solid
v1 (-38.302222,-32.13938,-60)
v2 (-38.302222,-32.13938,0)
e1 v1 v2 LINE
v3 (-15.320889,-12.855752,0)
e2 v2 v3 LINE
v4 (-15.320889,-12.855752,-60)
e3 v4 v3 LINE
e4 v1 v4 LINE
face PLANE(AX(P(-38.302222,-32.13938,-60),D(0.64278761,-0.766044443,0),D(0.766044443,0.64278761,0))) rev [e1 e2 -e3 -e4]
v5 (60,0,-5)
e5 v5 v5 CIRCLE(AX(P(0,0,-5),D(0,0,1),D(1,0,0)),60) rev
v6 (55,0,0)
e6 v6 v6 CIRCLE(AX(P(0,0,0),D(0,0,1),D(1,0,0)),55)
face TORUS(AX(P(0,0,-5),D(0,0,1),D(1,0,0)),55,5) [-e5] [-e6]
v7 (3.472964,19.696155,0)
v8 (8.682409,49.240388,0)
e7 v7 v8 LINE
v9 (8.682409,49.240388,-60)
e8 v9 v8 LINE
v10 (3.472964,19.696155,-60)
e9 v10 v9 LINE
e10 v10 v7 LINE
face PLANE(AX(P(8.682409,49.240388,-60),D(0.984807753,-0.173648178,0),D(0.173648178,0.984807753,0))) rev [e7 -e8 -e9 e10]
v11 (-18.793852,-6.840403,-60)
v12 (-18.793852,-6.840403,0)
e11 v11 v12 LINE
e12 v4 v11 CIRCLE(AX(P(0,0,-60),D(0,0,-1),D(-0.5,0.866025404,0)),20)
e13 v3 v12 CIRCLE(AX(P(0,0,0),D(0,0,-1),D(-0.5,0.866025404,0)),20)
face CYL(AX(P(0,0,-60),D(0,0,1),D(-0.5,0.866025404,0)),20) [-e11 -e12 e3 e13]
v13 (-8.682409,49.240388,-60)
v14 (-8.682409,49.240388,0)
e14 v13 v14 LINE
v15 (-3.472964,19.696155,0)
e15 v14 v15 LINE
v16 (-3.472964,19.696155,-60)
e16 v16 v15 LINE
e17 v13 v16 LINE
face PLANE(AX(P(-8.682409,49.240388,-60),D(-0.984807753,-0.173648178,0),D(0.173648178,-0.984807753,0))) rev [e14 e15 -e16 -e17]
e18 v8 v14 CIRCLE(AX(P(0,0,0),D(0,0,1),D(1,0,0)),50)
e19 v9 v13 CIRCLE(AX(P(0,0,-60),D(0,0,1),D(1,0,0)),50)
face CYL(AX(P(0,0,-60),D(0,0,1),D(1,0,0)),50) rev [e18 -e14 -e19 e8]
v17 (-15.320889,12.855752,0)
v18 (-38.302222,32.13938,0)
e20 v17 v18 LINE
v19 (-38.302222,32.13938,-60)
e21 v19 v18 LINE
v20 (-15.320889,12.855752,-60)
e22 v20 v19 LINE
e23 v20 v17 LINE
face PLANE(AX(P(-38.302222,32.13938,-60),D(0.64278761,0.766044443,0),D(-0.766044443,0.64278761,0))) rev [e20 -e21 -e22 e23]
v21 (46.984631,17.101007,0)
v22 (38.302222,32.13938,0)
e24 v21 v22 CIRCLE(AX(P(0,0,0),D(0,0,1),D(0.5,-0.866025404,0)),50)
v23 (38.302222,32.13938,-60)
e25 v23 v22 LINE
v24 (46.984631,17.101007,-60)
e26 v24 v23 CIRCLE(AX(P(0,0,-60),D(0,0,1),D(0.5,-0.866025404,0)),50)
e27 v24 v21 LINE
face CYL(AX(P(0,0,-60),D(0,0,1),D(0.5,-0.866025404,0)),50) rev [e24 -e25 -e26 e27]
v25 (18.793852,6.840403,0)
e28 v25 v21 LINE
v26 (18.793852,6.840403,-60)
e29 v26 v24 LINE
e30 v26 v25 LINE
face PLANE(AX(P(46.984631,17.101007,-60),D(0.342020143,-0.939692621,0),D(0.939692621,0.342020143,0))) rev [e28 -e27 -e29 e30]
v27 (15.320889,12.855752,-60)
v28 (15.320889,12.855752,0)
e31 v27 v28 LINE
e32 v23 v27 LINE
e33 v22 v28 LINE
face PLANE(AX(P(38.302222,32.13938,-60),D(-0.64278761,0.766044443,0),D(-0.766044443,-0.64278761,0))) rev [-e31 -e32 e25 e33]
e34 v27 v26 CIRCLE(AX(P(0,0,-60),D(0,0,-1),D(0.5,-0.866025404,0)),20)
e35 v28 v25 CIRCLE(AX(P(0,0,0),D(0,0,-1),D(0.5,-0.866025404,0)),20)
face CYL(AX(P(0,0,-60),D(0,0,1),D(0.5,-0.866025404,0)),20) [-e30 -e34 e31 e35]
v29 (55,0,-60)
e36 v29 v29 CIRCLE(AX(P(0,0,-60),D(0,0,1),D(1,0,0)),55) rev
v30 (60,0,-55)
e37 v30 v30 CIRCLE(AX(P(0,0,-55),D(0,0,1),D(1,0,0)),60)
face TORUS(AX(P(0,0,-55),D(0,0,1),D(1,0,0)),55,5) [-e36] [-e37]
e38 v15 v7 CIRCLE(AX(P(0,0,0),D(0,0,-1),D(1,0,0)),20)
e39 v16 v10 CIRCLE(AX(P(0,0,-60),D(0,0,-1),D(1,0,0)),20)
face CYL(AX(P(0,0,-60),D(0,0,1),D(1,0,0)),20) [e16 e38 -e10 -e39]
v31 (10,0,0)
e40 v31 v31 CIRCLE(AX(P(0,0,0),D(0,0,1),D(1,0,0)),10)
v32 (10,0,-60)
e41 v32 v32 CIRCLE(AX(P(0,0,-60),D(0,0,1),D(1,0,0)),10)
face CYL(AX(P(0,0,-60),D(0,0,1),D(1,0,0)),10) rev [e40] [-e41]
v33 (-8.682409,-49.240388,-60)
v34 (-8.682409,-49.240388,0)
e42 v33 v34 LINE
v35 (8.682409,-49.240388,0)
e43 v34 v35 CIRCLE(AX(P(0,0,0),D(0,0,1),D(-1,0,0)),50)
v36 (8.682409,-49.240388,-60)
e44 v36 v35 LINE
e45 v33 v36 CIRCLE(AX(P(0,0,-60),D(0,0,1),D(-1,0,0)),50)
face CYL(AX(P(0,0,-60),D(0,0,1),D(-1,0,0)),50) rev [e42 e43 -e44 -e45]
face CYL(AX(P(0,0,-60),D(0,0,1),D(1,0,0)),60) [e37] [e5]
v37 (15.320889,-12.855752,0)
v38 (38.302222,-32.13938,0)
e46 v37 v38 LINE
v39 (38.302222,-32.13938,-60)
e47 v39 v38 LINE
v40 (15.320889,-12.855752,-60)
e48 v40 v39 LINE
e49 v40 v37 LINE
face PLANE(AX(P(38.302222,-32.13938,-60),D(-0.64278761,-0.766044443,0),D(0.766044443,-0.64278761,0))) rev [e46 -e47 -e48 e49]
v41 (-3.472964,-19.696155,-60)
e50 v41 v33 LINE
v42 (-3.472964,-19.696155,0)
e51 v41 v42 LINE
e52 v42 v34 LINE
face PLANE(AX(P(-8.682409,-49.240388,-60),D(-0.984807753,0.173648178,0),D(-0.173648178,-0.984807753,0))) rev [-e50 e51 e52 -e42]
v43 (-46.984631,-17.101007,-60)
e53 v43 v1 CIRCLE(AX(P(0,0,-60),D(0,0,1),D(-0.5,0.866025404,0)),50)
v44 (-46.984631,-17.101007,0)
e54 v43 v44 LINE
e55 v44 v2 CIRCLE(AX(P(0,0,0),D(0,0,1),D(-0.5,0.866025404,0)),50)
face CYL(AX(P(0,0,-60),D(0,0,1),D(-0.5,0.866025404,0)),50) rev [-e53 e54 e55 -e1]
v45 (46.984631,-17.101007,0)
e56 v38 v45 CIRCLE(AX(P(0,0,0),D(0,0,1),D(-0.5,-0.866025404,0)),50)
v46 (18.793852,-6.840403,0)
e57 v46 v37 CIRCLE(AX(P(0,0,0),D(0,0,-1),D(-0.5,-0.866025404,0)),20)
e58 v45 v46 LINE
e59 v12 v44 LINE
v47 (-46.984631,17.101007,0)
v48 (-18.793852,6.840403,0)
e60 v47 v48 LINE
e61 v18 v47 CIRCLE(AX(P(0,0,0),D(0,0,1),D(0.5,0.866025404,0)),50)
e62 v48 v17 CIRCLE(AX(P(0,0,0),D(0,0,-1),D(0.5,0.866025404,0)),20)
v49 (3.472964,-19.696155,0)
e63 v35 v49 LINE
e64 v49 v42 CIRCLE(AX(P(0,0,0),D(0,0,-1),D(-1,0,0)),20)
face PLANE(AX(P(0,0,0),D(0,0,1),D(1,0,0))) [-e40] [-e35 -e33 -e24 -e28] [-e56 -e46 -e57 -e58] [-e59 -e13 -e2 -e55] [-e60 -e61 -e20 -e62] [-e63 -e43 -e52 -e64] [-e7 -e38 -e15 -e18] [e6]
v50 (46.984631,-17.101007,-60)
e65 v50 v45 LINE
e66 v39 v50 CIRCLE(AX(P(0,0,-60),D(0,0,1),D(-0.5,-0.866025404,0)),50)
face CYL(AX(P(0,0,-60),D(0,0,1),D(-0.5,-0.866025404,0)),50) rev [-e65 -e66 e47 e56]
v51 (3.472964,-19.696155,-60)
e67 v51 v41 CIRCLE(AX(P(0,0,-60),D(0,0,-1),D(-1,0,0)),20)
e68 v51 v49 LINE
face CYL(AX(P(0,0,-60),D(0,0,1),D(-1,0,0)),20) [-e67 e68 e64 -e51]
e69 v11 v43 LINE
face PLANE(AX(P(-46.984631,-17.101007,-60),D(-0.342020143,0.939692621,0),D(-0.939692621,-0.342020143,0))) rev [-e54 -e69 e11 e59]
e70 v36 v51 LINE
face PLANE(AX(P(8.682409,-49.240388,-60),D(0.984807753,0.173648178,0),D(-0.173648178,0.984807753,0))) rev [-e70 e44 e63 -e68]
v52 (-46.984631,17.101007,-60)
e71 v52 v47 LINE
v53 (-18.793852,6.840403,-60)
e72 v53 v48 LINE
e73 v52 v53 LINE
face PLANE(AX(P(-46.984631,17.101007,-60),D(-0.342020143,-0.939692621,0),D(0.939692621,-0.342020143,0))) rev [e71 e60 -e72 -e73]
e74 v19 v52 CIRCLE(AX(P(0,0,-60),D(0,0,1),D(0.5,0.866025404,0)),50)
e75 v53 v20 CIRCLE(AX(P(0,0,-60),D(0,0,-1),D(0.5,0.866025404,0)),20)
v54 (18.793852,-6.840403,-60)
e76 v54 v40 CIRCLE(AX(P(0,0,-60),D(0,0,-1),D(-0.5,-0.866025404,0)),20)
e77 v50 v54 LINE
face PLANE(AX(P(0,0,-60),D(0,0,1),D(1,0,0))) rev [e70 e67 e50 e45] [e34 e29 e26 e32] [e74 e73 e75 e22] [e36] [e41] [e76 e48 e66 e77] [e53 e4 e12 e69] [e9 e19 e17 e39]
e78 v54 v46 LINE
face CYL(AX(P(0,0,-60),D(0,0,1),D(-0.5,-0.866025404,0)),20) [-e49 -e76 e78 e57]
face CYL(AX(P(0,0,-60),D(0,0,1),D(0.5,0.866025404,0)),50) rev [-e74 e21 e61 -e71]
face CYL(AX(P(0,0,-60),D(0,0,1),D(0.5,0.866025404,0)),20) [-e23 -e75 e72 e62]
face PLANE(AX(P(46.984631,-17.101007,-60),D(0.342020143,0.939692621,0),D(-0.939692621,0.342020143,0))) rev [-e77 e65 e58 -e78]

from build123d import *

# Parameters (mm, degrees)
SKETCH_1_R               = 60
SKETCH_1_R_2             = 10
EXTRUDE_1_DEPTH          = 60
CUT_EXTRUDE_1_DEPTH      = 60
PATTERN_CIRCULAR_1_COUNT = 6
FILLET_1_R               = 5


with BuildPart() as part:
    # 草图1 → 凸台-拉伸1 (new body)
    with BuildSketch(Plane.XY):
        Circle(SKETCH_1_R)
        Circle(SKETCH_1_R_2, mode=Mode.SUBTRACT)
    extrude(amount=-EXTRUDE_1_DEPTH)

    # 草图2 → 切除-拉伸1 (cut)
    with BuildSketch(Plane.XY):
        with BuildLine():
            Line((-8.682408883, 49.240387651), (-3.472963553, 19.69615506))
            ThreePointArc((-3.472963553, 19.69615506), (0, 20), (3.472963553, 19.69615506))
            Line((3.472963553, 19.69615506), (8.682408883, 49.240387651))
            ThreePointArc((8.682408883, 49.240387651), (0, 50), (-8.682408883, 49.240387651))
        make_face()
    cut_extrude_1 = extrude(amount=-CUT_EXTRUDE_1_DEPTH, mode=Mode.SUBTRACT)

    # 阵列(圆周)1: 切除-拉伸1 ×6 about axis
    pattern_circular_1_axis = Axis((0, 0, -60), (0, 0, 1))
    for i in range(1, PATTERN_CIRCULAR_1_COUNT):
        add(cut_extrude_1.rotate(pattern_circular_1_axis, i * 360 / PATTERN_CIRCULAR_1_COUNT), mode=Mode.SUBTRACT)

    # 圆角1
    fillet_1_edges = [part.edges().sort_by_distance(p)[0] for p in [
        (-60, 0, -60),
        (-60, 0, 0),
    ]]
    fillet(fillet_1_edges, radius=FILLET_1_R)


solid = part.part
